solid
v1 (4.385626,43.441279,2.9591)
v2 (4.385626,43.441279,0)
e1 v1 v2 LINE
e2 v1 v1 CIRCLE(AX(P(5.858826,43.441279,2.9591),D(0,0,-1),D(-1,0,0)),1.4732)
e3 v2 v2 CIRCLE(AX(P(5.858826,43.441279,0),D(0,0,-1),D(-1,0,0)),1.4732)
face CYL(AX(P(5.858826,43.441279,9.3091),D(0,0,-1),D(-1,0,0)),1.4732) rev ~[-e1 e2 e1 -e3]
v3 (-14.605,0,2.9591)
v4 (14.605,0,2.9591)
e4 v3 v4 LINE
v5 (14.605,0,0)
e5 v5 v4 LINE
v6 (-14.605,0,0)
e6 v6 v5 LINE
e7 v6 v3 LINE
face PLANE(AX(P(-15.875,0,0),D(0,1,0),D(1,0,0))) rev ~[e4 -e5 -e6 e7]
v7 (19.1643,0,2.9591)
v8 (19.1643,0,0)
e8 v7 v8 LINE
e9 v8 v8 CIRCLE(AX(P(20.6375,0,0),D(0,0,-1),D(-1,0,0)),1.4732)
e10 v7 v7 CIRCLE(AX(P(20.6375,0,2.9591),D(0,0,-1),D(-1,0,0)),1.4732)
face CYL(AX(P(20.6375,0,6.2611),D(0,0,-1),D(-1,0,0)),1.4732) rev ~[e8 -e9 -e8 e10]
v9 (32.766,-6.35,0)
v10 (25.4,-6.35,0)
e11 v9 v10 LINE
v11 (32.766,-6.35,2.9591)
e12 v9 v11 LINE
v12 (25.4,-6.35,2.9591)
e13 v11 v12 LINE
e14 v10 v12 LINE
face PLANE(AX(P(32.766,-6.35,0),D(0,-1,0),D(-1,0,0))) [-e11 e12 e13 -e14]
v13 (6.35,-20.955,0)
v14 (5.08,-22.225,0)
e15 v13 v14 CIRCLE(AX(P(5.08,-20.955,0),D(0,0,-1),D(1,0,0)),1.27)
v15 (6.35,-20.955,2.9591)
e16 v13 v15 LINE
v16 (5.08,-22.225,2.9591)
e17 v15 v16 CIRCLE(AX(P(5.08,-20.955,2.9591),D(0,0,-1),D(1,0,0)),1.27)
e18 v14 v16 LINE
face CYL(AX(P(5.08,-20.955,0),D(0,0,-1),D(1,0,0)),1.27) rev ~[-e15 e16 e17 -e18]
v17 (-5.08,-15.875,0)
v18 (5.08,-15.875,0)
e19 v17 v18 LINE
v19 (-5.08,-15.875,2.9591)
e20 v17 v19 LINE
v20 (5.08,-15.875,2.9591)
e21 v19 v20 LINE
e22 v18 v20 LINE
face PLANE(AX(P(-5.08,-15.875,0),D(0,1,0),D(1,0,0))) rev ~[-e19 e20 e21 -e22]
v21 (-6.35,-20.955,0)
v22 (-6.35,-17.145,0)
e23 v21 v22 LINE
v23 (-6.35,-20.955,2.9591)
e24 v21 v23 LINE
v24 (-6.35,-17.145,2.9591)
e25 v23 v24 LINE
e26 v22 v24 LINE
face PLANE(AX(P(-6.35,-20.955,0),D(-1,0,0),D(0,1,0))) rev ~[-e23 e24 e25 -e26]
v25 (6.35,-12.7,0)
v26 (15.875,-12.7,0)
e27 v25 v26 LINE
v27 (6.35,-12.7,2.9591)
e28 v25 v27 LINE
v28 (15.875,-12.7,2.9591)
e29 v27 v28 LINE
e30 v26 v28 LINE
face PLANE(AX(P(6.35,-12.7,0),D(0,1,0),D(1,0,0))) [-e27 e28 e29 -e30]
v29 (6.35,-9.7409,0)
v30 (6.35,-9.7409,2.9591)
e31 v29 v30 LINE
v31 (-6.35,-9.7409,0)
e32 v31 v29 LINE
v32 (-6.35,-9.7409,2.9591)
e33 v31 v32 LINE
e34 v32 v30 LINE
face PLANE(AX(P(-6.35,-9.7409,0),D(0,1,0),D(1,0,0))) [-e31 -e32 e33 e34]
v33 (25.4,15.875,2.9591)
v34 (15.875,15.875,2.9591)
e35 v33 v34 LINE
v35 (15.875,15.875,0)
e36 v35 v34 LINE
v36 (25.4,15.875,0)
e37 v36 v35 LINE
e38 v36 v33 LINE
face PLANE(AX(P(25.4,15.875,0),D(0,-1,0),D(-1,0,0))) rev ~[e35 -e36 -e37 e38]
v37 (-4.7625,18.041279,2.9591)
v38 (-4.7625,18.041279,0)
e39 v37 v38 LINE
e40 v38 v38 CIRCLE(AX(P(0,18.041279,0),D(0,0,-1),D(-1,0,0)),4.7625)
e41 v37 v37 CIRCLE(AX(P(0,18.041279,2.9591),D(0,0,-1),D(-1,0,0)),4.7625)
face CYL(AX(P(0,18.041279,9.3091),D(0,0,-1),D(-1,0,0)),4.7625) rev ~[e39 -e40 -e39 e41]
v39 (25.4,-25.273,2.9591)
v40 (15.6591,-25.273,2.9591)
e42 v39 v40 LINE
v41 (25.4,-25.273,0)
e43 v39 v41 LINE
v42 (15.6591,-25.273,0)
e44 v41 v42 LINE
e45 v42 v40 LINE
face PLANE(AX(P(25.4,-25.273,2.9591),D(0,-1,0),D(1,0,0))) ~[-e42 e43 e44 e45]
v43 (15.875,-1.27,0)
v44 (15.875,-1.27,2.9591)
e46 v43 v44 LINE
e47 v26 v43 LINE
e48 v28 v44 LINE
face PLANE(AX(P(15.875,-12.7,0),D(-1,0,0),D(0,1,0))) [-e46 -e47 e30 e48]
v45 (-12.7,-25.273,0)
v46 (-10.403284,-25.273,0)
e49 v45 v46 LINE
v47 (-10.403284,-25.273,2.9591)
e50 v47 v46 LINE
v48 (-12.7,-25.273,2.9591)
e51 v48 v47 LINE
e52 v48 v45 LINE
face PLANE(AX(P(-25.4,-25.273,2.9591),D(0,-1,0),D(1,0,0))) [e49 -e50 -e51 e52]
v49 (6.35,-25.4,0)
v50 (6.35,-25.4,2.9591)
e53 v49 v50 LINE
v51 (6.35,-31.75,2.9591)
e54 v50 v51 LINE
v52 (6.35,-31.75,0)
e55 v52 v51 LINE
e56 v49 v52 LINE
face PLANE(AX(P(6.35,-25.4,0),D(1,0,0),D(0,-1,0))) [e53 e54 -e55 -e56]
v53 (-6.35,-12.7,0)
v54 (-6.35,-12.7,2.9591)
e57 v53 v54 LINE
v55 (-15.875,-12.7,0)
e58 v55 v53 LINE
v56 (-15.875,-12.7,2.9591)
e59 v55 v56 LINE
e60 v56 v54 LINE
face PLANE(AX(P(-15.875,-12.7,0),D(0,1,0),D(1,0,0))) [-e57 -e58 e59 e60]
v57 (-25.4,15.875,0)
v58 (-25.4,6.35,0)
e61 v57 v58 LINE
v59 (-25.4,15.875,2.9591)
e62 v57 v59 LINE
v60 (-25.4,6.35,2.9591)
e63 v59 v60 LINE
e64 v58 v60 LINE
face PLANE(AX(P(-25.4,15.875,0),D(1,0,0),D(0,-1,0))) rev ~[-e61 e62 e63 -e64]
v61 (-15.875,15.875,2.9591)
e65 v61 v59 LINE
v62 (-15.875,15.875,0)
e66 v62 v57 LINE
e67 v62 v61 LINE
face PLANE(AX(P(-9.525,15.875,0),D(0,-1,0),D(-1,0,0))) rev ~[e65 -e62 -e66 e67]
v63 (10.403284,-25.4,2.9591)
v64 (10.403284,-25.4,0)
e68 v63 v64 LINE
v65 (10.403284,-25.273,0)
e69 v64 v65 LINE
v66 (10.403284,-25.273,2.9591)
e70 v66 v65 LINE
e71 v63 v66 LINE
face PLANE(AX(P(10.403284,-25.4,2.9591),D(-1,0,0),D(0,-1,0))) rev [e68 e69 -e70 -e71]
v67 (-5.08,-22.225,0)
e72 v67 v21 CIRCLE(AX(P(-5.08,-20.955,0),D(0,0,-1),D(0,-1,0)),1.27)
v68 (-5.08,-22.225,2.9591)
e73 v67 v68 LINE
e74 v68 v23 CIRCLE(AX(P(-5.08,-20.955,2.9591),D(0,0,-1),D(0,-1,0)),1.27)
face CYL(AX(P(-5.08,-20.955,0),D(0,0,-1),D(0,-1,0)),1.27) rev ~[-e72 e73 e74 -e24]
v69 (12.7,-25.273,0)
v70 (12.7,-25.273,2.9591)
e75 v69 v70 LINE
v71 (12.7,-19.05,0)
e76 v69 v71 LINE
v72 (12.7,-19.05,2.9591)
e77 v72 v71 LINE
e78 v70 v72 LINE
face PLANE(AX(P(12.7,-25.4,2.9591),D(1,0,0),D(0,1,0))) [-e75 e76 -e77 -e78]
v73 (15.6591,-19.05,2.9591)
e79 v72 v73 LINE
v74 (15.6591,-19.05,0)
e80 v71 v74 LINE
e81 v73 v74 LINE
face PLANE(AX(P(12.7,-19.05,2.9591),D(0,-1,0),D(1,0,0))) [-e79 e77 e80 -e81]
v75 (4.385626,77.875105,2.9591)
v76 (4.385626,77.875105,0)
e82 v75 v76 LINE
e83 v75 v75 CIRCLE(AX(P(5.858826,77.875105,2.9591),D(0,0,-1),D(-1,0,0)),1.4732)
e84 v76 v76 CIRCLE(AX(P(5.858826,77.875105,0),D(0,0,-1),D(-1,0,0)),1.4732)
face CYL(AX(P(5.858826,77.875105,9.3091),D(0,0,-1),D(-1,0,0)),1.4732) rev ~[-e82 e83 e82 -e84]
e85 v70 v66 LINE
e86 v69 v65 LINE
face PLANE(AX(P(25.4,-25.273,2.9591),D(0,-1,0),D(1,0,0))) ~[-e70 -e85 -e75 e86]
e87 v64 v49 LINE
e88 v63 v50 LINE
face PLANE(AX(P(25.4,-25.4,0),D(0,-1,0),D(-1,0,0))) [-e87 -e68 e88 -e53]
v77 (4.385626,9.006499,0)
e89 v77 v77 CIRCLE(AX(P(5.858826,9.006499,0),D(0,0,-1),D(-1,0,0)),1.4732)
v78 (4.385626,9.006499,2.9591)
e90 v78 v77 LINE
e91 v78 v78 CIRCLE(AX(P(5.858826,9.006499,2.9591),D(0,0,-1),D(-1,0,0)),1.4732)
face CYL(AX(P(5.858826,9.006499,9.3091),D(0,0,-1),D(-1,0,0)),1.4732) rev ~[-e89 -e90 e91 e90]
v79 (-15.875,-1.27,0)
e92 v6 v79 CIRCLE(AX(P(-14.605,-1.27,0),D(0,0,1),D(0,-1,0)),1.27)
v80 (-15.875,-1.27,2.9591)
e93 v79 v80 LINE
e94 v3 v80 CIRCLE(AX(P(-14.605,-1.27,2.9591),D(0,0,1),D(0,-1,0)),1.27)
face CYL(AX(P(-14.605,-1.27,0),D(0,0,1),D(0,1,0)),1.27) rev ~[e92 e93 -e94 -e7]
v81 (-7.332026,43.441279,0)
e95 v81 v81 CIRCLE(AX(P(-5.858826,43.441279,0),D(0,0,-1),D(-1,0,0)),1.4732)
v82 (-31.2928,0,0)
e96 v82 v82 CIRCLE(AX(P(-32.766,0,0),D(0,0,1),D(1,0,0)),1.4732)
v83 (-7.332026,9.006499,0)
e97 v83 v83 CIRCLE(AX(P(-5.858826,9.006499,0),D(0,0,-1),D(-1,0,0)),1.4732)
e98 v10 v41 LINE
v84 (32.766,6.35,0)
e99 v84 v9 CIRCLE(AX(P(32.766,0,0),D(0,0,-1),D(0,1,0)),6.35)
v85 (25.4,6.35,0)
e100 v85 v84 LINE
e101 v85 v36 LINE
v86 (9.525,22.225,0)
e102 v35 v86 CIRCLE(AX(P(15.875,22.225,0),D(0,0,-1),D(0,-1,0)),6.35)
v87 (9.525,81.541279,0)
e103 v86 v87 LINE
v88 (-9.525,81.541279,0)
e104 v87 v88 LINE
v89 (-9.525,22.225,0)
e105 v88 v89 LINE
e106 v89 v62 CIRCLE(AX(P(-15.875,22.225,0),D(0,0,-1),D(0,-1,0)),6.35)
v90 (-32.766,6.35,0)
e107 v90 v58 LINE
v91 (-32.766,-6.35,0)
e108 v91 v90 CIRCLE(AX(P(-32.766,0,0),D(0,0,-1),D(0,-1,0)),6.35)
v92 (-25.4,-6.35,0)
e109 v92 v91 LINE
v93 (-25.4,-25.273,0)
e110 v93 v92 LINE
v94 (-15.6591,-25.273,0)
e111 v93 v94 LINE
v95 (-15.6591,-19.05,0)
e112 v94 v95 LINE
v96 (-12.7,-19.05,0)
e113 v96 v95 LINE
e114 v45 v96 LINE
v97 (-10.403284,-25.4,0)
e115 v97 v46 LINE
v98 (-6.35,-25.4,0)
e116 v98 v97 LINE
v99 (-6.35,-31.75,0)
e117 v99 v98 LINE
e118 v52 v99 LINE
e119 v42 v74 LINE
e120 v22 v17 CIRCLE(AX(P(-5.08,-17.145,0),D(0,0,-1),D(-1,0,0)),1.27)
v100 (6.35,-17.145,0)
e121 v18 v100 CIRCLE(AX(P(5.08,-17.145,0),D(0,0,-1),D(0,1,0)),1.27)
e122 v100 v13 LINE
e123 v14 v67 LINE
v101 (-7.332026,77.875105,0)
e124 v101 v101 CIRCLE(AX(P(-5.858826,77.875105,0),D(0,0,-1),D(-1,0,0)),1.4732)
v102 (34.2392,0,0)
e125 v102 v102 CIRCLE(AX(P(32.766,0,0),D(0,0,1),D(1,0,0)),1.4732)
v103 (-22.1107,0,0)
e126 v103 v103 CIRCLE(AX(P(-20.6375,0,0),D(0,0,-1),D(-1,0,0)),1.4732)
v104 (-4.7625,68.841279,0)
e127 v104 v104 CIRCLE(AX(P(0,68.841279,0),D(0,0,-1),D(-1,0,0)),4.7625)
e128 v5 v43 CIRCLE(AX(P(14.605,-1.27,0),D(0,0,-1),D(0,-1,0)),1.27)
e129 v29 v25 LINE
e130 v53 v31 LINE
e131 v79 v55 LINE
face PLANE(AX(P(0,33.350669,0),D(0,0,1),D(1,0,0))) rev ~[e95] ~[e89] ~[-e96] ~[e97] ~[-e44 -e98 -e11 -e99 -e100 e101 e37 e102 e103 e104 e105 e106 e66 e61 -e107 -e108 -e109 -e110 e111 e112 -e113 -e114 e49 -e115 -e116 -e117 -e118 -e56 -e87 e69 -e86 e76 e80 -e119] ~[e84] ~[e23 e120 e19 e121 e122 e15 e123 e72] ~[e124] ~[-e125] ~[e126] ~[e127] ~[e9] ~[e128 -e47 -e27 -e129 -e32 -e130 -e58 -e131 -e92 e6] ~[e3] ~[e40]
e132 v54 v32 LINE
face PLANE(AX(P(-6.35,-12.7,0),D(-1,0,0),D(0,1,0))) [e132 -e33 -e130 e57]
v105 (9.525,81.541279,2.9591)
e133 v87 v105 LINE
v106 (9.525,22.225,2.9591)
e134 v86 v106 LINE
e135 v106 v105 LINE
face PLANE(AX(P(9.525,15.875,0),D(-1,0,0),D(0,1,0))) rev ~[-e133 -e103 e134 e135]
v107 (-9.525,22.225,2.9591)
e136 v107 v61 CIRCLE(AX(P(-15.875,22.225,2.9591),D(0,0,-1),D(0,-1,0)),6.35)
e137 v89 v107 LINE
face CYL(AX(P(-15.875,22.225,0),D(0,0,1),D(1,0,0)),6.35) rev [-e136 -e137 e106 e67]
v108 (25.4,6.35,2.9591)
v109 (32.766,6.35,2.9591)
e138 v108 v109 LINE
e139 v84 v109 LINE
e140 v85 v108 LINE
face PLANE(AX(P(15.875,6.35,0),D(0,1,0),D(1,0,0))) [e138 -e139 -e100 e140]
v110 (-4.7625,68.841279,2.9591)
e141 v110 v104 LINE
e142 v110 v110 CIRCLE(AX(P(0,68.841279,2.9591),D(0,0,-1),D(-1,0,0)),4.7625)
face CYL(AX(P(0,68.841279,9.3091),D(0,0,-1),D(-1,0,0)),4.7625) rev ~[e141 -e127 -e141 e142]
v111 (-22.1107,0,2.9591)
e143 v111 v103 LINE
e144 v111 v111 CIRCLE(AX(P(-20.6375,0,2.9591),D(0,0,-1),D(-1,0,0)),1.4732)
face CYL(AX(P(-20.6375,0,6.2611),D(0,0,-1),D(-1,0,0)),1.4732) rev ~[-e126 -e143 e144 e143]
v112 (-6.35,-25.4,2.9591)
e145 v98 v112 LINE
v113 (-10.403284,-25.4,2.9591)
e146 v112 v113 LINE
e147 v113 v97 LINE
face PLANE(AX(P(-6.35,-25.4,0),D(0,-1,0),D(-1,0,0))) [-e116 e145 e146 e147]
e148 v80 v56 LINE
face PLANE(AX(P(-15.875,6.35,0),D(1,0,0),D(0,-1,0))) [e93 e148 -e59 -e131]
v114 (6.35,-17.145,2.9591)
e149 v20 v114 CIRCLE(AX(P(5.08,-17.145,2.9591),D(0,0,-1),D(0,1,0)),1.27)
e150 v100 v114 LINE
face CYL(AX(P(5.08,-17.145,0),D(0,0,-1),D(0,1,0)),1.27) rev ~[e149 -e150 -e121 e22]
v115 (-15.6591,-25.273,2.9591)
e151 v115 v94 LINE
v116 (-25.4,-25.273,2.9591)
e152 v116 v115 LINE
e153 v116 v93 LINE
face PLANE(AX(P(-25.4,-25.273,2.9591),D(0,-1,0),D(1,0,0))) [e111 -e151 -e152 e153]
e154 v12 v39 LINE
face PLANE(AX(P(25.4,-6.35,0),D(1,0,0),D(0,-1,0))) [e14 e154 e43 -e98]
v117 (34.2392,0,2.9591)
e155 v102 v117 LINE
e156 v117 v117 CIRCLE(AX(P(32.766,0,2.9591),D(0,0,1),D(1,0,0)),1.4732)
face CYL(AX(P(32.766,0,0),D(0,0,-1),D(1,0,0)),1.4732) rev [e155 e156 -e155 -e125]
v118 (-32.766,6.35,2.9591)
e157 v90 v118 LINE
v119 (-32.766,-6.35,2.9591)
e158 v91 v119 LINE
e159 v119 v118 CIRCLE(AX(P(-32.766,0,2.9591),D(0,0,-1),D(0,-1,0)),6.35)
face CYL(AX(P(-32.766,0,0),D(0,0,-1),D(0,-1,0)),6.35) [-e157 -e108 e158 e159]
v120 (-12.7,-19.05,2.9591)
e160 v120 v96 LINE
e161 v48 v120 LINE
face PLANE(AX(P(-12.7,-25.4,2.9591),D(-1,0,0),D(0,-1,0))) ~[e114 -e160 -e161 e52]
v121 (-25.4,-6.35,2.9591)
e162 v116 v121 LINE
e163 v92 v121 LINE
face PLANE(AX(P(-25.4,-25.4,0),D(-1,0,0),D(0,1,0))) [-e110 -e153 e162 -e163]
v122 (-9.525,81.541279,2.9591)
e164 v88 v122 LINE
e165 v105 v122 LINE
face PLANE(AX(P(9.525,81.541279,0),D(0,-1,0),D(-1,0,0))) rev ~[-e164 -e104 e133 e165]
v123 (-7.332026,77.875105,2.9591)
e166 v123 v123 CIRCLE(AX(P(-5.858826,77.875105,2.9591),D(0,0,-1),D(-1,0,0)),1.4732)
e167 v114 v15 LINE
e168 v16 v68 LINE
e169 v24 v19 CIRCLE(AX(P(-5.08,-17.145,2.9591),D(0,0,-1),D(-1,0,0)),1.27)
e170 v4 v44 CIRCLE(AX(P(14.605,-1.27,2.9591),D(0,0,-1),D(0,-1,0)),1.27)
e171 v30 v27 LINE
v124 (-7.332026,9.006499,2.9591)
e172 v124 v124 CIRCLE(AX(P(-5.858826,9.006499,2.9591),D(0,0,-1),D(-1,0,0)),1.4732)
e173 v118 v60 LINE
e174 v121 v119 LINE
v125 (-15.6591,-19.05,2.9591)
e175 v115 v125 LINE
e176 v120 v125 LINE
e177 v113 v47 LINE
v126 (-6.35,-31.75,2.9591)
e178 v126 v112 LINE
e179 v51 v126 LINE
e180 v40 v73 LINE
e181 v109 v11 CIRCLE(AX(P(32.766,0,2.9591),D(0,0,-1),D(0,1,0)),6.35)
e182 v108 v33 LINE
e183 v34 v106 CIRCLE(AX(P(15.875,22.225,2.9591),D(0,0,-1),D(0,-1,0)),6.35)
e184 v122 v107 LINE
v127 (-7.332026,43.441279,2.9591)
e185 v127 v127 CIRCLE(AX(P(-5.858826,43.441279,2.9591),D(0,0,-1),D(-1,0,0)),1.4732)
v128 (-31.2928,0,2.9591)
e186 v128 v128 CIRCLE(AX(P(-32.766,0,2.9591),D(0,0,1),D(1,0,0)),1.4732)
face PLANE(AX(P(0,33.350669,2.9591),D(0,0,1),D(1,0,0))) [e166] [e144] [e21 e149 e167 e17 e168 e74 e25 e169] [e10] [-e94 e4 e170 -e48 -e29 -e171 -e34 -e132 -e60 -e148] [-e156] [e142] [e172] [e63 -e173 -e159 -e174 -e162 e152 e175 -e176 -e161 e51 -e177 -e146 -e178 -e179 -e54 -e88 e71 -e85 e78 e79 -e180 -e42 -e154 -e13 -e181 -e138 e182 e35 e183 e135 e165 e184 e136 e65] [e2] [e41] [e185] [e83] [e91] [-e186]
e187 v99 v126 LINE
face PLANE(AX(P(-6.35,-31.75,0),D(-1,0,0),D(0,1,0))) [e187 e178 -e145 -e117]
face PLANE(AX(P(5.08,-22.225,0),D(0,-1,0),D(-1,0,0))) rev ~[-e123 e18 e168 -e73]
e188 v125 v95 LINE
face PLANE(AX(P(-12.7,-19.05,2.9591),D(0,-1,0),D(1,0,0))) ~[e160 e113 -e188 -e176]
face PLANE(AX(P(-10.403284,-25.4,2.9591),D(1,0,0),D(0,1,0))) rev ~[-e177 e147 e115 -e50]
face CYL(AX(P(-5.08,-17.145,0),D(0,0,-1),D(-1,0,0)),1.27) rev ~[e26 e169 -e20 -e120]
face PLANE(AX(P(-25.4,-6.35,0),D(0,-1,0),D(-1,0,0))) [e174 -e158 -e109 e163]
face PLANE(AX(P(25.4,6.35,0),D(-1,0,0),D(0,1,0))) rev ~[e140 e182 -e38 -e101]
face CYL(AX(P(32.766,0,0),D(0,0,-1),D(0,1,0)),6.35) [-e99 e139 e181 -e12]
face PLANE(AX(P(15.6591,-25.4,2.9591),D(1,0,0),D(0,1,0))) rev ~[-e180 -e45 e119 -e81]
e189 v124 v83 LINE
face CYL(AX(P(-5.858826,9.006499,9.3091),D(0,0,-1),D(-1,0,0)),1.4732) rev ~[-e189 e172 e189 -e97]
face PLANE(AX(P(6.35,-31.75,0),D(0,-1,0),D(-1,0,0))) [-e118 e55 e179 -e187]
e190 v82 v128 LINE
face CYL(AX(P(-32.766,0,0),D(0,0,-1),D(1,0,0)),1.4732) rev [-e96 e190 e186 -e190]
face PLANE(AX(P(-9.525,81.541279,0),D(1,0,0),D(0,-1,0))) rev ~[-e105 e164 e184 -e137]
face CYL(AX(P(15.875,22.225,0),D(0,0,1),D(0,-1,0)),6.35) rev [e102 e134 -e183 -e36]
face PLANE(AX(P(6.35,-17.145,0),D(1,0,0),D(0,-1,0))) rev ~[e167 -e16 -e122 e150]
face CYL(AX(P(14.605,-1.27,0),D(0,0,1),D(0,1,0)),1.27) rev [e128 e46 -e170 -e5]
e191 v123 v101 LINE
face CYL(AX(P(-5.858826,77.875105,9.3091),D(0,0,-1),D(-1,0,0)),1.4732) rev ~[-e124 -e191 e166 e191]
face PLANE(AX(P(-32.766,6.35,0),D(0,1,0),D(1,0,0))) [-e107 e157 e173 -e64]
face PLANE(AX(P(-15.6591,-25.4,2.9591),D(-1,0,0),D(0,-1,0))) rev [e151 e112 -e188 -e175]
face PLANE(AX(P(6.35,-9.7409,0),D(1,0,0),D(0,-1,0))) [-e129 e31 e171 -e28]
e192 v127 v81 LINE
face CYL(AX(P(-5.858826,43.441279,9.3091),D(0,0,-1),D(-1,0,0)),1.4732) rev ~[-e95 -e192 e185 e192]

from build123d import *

# Parameters (mm, degrees)
SKETCH1_R                        = 1.4732
BOSS_EXTRUDE1_DEPTH              = 2.9591
SKETCH4_W                        = 2.9591
SKETCH4_H                        = 6.35
CUT_EXTRUDE2_DEPTH               = 2.9591
BOSS_EXTRUDE5_DEPTH              = 2.9591
FILLET2_R                        = 1.27
FILLET3_R                        = 6.35
F_3_8_0_375_DIAMETER_HOLE1_D     = 9.525
F_3_8_0_375_DIAMETER_HOLE1_DEPTH = 6.35
F_3_8_0_375_DIAMETER_HOLE1_TIP   = 2.861598698
F_4_CLEARANCE_HOLE1_D            = 2.9464
F_4_CLEARANCE_HOLE1_DEPTH        = 6.35
F_4_CLEARANCE_HOLE1_TIP          = 0.885187864
F_4_CLEARANCE_HOLE2_D            = 2.9464
F_4_CLEARANCE_HOLE2_DEPTH        = 3.302
F_4_CLEARANCE_HOLE2_TIP          = 0.885187864
SKETCH23_W                       = 14.996716291
SKETCH23_H                       = 0.127
CUT_EXTRUDE4_DEPTH               = 2.9591


with BuildPart() as part:
    # Sketch1 → Boss-Extrude1 (new body)
    with BuildSketch(Plane.XY):
        with BuildLine():
            Line((6.35, -25.4), (6.35, -31.75))
            Line((6.35, -31.75), (-6.35, -31.75))
            Line((-6.35, -31.75), (-6.35, -25.4))
            Line((-6.35, -25.4), (-25.4, -25.4))
            Line((-25.4, -25.4), (-25.4, -6.35))
            Line((-25.4, -6.35), (-32.766, -6.35))
            ThreePointArc((-32.766, -6.35), (-39.116, 0), (-32.766, 6.35))
            Line((-32.766, 6.35), (-15.875, 6.35))
            Line((-15.875, 6.35), (-15.875, -12.7))
            Line((-15.875, -12.7), (-6.35, -12.7))
            Line((-6.35, -12.7), (-6.35, -9.7409))
            Line((-6.35, -9.7409), (6.35, -9.7409))
            Line((6.35, -9.7409), (6.35, -12.7))
            Line((6.35, -12.7), (15.875, -12.7))
            Line((15.875, -12.7), (15.875, 6.35))
            Line((15.875, 6.35), (32.766, 6.35))
            ThreePointArc((32.766, 6.35), (39.116, 0), (32.766, -6.35))
            Line((32.766, -6.35), (25.4, -6.35))
            Line((25.4, -6.35), (25.4, -25.4))
            Line((25.4, -25.4), (6.35, -25.4))
        make_face()
        with Locations((32.766, 0)):
            Circle(SKETCH1_R, mode=Mode.SUBTRACT)
        with Locations((-32.766, 0)):
            Circle(SKETCH1_R, mode=Mode.SUBTRACT)
        with BuildLine():
            Line((-5.08, -15.875), (5.08, -15.875))
            ThreePointArc((5.08, -15.875), (5.978025612, -16.246974388), (6.35, -17.145))
            Line((6.35, -17.145), (6.35, -20.955))
            ThreePointArc((6.35, -20.955), (5.978025612, -21.853025612), (5.08, -22.225))
            Line((5.08, -22.225), (-5.08, -22.225))
            ThreePointArc((-5.08, -22.225), (-5.978025612, -21.853025612), (-6.35, -20.955))
            Line((-6.35, -20.955), (-6.35, -17.145))
            ThreePointArc((-6.35, -17.145), (-5.978025612, -16.246974388), (-5.08, -15.875))
        make_face(mode=Mode.SUBTRACT)
    extrude(amount=BOSS_EXTRUDE1_DEPTH)

    # Sketch4 → Cut-Extrude2 (cut)
    with BuildSketch(Plane.XY.offset(2.9591)):
        with Locations((14.17955, -22.225)):
            Rectangle(SKETCH4_W, SKETCH4_H)
    cut_extrude2 = extrude(amount=-CUT_EXTRUDE2_DEPTH, mode=Mode.SUBTRACT)

    # Mirror2: Cut-Extrude2 across plane
    add(cut_extrude2.mirror(Plane(origin=(0, 0, 0), x_dir=(0, 0, 1), z_dir=(1, 0, 0))), mode=Mode.SUBTRACT)

    # Sketch10 → Boss-Extrude5 (add)
    with BuildSketch(Plane(origin=(0, 0, 0), x_dir=(-1, 0, 0), z_dir=(0, 0, -1))):
        Polygon((25.4, 6.35), (15.875, 6.35), (15.875, 0), (-15.875, 0), (-15.875, 6.35), (-25.4, 6.35), (-25.4, 15.875), (-9.525, 15.875), (-9.525, 81.541278797), (9.525, 81.541278797), (9.525, 15.875), (25.4, 15.875), align=None)
    extrude(amount=-BOSS_EXTRUDE5_DEPTH)

    # Fillet2
    fillet2_edges = [part.edges().sort_by_distance(p)[0] for p in [
        (15.875, 0, 1.47955),
        (-15.875, 0, 1.47955),
    ]]
    fillet(fillet2_edges, radius=FILLET2_R)

    # Fillet3
    fillet3_edges = [part.edges().sort_by_distance(p)[0] for p in [
        (-9.525, 15.875, 1.47955),
        (9.525, 15.875, 1.47955),
    ]]
    fillet(fillet3_edges, radius=FILLET3_R)

    # 3/8 (0.375) Diameter Hole1
    with Locations(Plane.XY.offset(2.9591)):
        with Locations((0, 68.841278797), (0, 18.041278797)):
            Hole(F_3_8_0_375_DIAMETER_HOLE1_D / 2, depth=F_3_8_0_375_DIAMETER_HOLE1_DEPTH)
            with Locations((0, 0, -(F_3_8_0_375_DIAMETER_HOLE1_DEPTH + F_3_8_0_375_DIAMETER_HOLE1_TIP / 2))):  # 118° drill point
                Cone(0, F_3_8_0_375_DIAMETER_HOLE1_D / 2, F_3_8_0_375_DIAMETER_HOLE1_TIP, mode=Mode.SUBTRACT)

    # #4 Clearance Hole1
    with Locations(Plane.XY.offset(2.9591)):
        with Locations((-5.858825791, 77.875104588), (-5.858825791, 43.441278797), (-5.858825791, 9.006498797), (5.858825791, 9.006498797), (5.858825791, 43.441278797), (5.858825791, 77.875104588)):
            Hole(F_4_CLEARANCE_HOLE1_D / 2, depth=F_4_CLEARANCE_HOLE1_DEPTH)
            with Locations((0, 0, -(F_4_CLEARANCE_HOLE1_DEPTH + F_4_CLEARANCE_HOLE1_TIP / 2))):  # 118° drill point
                Cone(0, F_4_CLEARANCE_HOLE1_D / 2, F_4_CLEARANCE_HOLE1_TIP, mode=Mode.SUBTRACT)

    # #4 Clearance Hole2
    with Locations(Plane.XY.offset(2.9591)):
        with Locations((-20.6375, 0), (20.6375, 0)):
            Hole(F_4_CLEARANCE_HOLE2_D / 2, depth=F_4_CLEARANCE_HOLE2_DEPTH)
            with Locations((0, 0, -(F_4_CLEARANCE_HOLE2_DEPTH + F_4_CLEARANCE_HOLE2_TIP / 2))):  # 118° drill point
                Cone(0, F_4_CLEARANCE_HOLE2_D / 2, F_4_CLEARANCE_HOLE2_TIP, mode=Mode.SUBTRACT)

    # Sketch23 → Cut-Extrude4 (cut)
    with BuildSketch(Plane.XY.offset(2.9591)):
        with Locations((-17.901641854, -25.3365)):
            Rectangle(SKETCH23_W, SKETCH23_H)
    cut_extrude4 = extrude(amount=-CUT_EXTRUDE4_DEPTH, mode=Mode.SUBTRACT)

    # Mirror3: Cut-Extrude4 across plane
    add(cut_extrude4.mirror(Plane(origin=(0, 0, 0), x_dir=(0, 0, 1), z_dir=(1, 0, 0))), mode=Mode.SUBTRACT)


solid = part.part
